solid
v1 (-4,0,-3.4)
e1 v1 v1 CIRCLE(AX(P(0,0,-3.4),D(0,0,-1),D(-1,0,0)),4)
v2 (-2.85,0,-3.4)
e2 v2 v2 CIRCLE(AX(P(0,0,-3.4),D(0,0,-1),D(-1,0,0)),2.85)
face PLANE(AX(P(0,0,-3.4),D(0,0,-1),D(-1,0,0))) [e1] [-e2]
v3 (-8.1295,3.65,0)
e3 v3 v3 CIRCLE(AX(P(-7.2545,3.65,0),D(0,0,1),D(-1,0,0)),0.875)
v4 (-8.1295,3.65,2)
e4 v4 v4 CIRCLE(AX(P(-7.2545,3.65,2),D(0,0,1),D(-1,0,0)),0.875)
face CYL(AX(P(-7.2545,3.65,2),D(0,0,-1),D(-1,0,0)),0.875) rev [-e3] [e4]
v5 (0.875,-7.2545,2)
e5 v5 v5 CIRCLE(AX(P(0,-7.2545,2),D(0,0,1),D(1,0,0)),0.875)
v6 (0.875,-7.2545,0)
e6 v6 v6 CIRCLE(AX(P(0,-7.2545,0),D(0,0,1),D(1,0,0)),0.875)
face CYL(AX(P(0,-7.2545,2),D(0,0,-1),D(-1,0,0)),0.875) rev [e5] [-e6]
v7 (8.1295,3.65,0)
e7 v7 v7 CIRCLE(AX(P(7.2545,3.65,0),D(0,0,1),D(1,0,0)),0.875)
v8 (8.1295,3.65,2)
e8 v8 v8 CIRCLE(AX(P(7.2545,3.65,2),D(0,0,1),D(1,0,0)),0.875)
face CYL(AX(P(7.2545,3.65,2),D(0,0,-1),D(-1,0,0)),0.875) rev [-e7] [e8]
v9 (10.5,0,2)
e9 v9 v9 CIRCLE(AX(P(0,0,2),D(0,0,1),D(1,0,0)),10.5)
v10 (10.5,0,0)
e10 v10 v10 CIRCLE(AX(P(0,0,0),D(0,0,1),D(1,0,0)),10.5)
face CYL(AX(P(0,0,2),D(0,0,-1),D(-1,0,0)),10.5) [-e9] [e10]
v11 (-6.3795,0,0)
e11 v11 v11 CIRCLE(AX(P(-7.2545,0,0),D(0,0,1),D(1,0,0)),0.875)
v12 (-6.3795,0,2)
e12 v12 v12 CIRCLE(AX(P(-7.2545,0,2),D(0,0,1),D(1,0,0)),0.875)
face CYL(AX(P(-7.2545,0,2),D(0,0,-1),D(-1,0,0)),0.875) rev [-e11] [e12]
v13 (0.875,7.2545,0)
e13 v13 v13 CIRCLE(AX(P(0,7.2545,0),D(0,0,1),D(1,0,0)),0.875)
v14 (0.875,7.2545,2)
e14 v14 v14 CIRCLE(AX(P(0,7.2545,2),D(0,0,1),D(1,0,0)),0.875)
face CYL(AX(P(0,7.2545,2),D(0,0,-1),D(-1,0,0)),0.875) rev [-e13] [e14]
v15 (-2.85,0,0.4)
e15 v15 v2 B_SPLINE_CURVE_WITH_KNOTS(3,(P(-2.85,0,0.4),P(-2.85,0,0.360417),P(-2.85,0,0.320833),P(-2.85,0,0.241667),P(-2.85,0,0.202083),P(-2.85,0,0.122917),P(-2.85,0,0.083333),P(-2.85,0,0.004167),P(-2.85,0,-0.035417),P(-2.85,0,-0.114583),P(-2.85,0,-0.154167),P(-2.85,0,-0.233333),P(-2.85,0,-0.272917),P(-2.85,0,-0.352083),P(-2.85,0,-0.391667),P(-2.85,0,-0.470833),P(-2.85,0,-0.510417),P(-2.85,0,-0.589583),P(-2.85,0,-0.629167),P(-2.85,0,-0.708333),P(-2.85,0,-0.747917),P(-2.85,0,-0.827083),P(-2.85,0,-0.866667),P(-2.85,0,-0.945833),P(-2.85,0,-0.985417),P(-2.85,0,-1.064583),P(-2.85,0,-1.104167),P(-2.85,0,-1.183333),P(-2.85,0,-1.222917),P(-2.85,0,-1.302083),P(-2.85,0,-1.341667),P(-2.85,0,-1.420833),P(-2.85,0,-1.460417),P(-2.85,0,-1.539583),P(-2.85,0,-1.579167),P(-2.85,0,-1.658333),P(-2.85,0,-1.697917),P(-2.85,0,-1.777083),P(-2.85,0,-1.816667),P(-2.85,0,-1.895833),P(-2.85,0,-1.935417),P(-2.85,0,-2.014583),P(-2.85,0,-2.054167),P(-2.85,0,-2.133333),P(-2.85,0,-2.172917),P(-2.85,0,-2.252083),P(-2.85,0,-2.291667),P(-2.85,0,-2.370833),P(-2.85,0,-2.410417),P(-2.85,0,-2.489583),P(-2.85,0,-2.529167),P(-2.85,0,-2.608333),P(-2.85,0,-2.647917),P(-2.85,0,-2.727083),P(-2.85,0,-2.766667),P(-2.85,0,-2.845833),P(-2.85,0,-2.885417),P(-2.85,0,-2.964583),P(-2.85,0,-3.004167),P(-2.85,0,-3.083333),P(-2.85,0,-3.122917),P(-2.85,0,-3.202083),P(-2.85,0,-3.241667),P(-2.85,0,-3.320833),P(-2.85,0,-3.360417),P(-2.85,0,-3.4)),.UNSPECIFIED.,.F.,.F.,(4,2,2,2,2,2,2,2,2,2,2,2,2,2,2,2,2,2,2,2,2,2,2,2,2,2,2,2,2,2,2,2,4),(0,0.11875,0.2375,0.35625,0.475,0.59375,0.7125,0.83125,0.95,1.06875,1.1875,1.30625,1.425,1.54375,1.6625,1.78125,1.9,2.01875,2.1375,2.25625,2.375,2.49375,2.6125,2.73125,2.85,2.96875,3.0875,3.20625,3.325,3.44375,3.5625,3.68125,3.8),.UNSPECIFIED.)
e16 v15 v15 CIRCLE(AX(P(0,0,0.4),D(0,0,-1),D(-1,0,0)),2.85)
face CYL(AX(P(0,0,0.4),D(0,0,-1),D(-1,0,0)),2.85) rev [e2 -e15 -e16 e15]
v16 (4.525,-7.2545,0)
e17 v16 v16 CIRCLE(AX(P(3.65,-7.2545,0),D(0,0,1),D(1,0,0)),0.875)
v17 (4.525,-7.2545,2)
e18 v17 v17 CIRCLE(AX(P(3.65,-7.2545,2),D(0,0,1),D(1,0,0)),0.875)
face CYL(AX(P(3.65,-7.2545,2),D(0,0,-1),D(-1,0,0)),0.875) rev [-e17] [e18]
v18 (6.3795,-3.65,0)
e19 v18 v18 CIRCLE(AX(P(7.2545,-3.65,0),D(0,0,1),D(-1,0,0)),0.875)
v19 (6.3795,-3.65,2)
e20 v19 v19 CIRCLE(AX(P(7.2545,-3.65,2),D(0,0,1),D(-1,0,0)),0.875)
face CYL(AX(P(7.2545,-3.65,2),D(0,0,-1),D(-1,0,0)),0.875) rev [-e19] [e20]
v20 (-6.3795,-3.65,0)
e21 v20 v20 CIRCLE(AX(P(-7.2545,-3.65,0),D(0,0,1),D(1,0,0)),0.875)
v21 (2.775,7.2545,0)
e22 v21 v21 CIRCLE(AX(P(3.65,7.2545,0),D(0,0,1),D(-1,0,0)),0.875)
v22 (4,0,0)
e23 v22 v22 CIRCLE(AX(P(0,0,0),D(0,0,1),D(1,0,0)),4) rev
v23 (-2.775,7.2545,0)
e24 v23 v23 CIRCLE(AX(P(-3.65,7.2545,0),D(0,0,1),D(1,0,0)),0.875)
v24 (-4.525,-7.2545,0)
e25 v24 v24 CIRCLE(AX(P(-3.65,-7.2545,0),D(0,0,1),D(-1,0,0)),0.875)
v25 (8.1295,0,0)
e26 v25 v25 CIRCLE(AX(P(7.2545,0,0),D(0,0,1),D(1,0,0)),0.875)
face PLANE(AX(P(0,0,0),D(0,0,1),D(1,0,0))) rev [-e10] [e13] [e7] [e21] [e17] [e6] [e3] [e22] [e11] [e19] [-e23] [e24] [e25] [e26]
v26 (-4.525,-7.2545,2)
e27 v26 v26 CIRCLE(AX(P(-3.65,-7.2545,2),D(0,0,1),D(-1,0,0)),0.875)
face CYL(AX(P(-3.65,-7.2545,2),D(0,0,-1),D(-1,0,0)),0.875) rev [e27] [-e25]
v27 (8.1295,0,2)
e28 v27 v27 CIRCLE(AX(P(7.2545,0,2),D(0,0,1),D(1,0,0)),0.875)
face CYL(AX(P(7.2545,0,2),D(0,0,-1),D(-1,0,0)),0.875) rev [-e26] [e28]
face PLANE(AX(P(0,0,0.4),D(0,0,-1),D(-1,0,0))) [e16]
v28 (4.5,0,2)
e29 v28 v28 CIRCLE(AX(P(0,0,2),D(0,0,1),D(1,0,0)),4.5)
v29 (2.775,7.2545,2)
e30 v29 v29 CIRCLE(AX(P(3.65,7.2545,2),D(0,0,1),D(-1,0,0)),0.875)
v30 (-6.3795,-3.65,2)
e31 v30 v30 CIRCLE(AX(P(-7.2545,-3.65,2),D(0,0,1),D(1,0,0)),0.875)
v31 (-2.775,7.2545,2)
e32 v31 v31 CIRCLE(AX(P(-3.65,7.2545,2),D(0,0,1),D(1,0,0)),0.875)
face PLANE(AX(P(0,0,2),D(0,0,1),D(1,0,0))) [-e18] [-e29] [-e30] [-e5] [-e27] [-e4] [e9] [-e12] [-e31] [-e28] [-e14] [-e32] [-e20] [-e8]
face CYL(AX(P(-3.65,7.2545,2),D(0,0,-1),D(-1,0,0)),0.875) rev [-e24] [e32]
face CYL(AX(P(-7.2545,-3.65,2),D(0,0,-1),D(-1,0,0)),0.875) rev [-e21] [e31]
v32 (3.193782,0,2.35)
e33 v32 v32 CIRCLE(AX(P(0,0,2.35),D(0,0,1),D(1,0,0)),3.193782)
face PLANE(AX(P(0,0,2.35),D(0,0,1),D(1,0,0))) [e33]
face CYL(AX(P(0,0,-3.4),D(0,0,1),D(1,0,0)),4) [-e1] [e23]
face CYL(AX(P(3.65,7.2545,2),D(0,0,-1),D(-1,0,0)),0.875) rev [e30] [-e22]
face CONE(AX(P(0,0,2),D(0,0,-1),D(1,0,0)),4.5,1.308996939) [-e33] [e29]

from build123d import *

# Parameters (mm, degrees)
ESQUISSE1_R             = 10.5
ESQUISSE1_R_2           = 0.875
BOSS_EXTRU_1_DEPTH      = 2
ESQUISSE2_R             = 4.5
BOSS_EXTRU_2_DEPTH      = 0.35
BOSS_EXTRU_2_TAPER      = 75
ESQUISSE3_R             = 4
BOSS_EXTRU_3_DEPTH      = 3.4
ESQUISSE4_R             = 2.85
ENL_V_MAT_EXTRU_1_DEPTH = 3.8


with BuildPart() as part:
    # Esquisse1 → Boss.-Extru.1 (new body)
    with BuildSketch(Plane.XY):
        Circle(ESQUISSE1_R)
        with Locations((7.2545, 3.65)):
            Circle(ESQUISSE1_R_2, mode=Mode.SUBTRACT)
        with Locations((7.2545, 0)):
            Circle(ESQUISSE1_R_2, mode=Mode.SUBTRACT)
        with Locations(Location((7.2545, -3.65, 0), (0, 0, 180))):
            Circle(ESQUISSE1_R_2, mode=Mode.SUBTRACT)
        with Locations((3.65, -7.2545)):
            Circle(ESQUISSE1_R_2, mode=Mode.SUBTRACT)
        with Locations((0, -7.2545)):
            Circle(ESQUISSE1_R_2, mode=Mode.SUBTRACT)
        with Locations(Location((-3.65, -7.2545, 0), (0, 0, 180))):
            Circle(ESQUISSE1_R_2, mode=Mode.SUBTRACT)
        with Locations((-7.2545, -3.65)):
            Circle(ESQUISSE1_R_2, mode=Mode.SUBTRACT)
        with Locations((-7.2545, 0)):
            Circle(ESQUISSE1_R_2, mode=Mode.SUBTRACT)
        with Locations(Location((-7.2545, 3.65, 0), (0, 0, 180))):
            Circle(ESQUISSE1_R_2, mode=Mode.SUBTRACT)
        with Locations((-3.65, 7.2545)):
            Circle(ESQUISSE1_R_2, mode=Mode.SUBTRACT)
        with Locations((0, 7.2545)):
            Circle(ESQUISSE1_R_2, mode=Mode.SUBTRACT)
        with Locations(Location((3.65, 7.2545, 0), (0, 0, 180))):
            Circle(ESQUISSE1_R_2, mode=Mode.SUBTRACT)
    extrude(amount=BOSS_EXTRU_1_DEPTH)

    # Esquisse2 → Boss.-Extru.2 (add)
    with BuildSketch(Plane.XY.offset(2)):
        Circle(ESQUISSE2_R)
    extrude(amount=BOSS_EXTRU_2_DEPTH, taper=BOSS_EXTRU_2_TAPER)

    # Esquisse3 → Boss.-Extru.3 (add)
    with BuildSketch(Plane(origin=(0, 0, 0), x_dir=(-1, 0, 0), z_dir=(0, 0, -1))):
        with Locations(Location((0, 0, 0), (0, 0, 180))):
            Circle(ESQUISSE3_R)
    extrude(amount=BOSS_EXTRU_3_DEPTH)

    # Esquisse4 → Enlèv. mat.-Extru.1 (cut)
    with BuildSketch(Plane(origin=(0, 0, -3.4), x_dir=(-1, 0, 0), z_dir=(0, 0, -1))):
        Circle(ESQUISSE4_R)
    extrude(amount=-ENL_V_MAT_EXTRU_1_DEPTH, mode=Mode.SUBTRACT)


solid = part.part
